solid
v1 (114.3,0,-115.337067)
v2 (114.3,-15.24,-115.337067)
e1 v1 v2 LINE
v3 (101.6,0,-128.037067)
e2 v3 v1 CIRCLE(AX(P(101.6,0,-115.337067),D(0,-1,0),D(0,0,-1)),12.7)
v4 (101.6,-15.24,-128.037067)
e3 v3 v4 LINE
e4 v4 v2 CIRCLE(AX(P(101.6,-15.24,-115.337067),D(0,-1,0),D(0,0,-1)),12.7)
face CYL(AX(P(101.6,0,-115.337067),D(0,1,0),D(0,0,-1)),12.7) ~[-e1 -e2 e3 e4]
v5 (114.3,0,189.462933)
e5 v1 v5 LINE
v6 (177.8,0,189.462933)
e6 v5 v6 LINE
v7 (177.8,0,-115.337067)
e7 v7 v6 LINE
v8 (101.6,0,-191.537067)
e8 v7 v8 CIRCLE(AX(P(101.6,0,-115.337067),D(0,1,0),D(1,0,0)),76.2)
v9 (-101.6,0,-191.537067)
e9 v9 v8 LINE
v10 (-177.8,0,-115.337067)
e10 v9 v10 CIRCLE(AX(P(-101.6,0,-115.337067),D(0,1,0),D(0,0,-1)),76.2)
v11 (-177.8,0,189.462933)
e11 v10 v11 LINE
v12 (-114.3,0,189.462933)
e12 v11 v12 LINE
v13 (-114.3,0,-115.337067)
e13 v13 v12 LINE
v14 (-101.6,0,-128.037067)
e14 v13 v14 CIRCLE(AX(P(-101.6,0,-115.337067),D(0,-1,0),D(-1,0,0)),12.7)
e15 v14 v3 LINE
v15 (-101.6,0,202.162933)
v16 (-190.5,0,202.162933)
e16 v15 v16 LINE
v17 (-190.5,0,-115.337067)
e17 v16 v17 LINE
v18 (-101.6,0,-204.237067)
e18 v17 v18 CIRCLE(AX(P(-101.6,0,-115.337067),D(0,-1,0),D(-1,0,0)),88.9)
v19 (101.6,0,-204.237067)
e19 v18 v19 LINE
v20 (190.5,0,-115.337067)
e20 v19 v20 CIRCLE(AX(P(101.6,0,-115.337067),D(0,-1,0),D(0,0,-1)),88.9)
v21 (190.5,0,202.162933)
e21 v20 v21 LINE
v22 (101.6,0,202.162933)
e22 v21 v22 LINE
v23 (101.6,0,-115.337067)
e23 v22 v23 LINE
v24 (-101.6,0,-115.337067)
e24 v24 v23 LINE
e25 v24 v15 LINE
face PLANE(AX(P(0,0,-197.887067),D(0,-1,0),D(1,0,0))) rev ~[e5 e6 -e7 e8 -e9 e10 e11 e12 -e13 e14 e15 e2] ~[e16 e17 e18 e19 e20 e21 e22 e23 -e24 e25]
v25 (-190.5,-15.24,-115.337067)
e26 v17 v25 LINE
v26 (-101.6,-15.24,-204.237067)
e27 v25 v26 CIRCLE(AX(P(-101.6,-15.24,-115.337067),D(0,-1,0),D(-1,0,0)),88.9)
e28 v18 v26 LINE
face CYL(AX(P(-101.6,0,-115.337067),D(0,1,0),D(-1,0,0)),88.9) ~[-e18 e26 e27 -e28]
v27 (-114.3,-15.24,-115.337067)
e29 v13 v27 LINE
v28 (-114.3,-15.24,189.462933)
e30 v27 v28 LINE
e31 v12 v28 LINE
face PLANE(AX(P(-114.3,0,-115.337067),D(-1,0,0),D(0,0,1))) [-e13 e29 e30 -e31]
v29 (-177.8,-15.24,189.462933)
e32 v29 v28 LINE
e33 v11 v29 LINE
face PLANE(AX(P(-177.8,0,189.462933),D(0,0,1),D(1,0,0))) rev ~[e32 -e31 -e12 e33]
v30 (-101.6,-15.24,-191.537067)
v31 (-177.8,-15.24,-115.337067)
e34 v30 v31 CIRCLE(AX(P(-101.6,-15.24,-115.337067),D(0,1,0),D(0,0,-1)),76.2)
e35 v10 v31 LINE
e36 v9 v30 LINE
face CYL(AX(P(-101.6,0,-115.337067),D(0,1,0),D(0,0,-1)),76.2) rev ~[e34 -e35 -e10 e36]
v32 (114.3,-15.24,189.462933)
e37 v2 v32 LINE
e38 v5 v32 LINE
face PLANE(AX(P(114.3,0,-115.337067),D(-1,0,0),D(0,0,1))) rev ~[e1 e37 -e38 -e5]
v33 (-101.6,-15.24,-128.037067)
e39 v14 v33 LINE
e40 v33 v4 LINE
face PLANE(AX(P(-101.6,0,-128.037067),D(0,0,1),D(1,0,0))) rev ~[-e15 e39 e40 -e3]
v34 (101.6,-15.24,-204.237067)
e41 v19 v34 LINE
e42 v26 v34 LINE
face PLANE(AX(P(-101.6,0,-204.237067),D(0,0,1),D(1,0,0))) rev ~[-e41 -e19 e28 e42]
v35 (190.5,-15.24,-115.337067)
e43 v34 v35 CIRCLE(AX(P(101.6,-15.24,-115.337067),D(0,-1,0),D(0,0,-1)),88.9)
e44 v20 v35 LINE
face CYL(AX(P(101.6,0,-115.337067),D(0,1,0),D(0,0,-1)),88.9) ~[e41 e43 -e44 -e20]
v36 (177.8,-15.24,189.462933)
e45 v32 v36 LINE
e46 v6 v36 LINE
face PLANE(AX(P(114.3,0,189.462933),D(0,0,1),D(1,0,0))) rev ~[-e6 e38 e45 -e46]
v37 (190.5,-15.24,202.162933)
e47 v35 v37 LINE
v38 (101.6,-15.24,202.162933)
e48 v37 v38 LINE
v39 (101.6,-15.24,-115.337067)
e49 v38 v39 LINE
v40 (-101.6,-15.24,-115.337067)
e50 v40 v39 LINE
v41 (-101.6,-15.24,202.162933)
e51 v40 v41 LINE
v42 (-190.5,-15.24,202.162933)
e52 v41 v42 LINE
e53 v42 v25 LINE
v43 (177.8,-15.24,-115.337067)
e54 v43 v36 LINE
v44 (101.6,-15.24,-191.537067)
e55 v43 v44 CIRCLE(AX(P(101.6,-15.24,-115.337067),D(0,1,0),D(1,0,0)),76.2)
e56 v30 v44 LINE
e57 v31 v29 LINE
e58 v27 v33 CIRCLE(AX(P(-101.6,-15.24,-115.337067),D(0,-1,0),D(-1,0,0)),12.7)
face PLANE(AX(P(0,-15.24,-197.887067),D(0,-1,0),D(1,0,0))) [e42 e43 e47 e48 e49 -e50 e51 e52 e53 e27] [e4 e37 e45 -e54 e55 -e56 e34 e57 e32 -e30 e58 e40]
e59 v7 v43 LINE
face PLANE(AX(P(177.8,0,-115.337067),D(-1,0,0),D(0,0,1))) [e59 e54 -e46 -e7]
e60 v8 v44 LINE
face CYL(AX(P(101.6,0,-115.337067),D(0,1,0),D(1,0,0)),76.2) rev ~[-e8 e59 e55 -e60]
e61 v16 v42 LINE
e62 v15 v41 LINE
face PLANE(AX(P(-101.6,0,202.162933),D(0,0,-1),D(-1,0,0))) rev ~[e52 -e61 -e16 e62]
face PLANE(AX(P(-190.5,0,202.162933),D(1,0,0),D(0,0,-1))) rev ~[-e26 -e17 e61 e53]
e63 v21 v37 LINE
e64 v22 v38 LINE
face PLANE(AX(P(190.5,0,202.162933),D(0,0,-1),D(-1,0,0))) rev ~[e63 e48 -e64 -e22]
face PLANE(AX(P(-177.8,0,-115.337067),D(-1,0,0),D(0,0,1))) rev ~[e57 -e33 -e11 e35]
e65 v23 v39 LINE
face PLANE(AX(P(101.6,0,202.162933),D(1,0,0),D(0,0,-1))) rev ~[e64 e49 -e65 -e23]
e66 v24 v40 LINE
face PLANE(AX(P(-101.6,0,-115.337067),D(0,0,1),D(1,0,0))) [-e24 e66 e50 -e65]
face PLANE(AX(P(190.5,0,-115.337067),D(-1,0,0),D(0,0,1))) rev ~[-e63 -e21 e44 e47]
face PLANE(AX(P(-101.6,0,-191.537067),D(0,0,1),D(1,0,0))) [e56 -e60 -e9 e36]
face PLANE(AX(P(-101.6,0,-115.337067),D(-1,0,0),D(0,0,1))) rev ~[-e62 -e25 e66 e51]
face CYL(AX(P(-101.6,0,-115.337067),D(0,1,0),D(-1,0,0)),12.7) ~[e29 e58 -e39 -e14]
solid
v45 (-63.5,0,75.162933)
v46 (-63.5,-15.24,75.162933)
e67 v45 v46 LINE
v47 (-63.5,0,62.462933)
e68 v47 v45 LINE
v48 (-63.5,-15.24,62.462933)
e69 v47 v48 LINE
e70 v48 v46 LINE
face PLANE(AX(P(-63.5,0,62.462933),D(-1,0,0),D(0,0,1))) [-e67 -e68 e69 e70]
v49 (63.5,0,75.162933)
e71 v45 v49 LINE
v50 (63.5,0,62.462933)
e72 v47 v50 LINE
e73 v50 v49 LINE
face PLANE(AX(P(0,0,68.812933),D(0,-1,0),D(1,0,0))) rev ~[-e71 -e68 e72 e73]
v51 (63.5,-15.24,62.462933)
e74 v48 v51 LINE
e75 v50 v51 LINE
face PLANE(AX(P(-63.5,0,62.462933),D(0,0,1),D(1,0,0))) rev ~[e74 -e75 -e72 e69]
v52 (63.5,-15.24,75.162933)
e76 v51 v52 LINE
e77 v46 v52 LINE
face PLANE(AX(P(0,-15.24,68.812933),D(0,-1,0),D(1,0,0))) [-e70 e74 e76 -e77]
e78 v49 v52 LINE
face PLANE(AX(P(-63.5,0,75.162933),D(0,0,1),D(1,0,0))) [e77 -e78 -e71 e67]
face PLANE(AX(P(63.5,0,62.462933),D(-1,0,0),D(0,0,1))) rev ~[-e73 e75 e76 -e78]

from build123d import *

# Parameters (mm, degrees)
F0_W     = 203.2
F0_H     = 12.7
F0_W_2   = 12.7
F0_H_2   = 304.8
F1_DEPTH = 15.24
F0_W_3   = 127


with BuildPart() as f1:
    # F0 (on Front) → F1 (new body)
    with BuildSketch(Plane.XZ):
        with Locations((0, -197.8870668655)):
            Rectangle(F0_W, F0_H)
        with BuildLine():
            Line((-101.6, -204.2370668655), (-101.6, -191.5370668655))
            ThreePointArc((-101.6, -191.5370668655), (-155.4815367264, -169.2186035919), (-177.8, -115.3370668655))
            Line((-177.8, -115.3370668655), (-190.5, -115.3370668655))
            ThreePointArc((-190.5, -115.3370668655), (-164.4617928475, -178.198859713), (-101.6, -204.2370668655))
        make_face()
        with BuildLine():
            ThreePointArc((177.8, -115.3370668655), (155.4815367264, -169.2186035919), (101.6, -191.5370668655))
            Line((101.6, -191.5370668655), (101.6, -204.2370668655))
            ThreePointArc((101.6, -204.2370668655), (164.4617928475, -178.198859713), (190.5, -115.3370668655))
            Line((190.5, -115.3370668655), (177.8, -115.3370668655))
        make_face()
        with Locations((-184.15, 37.0629331345)):
            Rectangle(F0_W_2, F0_H_2)
        with Locations((184.15, 37.0629331345)):
            Rectangle(F0_W_2, F0_H_2)
        Polygon((-190.5, 189.4629331345), (-177.8, 189.4629331345), (-114.3, 189.4629331345), (-101.6, 189.4629331345), (-101.6, 202.1629331345), (-190.5, 202.1629331345), align=None)
        Polygon((114.3, 189.4629331345), (177.8, 189.4629331345), (190.5, 189.4629331345), (190.5, 202.1629331345), (101.6, 202.1629331345), (101.6, 189.4629331345), align=None)
        with Locations((-107.95, 37.0629331345)):
            Rectangle(F0_W_2, F0_H_2)
        with Locations((107.95, 37.0629331345)):
            Rectangle(F0_W_2, F0_H_2)
        with BuildLine():
            Line((-101.6, -115.3370668655), (-114.3, -115.3370668655))
            ThreePointArc((-114.3, -115.3370668655), (-110.5802561211, -124.3173229865), (-101.6, -128.0370668655))
            Line((-101.6, -128.0370668655), (-101.6, -115.3370668655))
        make_face()
        with BuildLine():
            ThreePointArc((101.6, -128.0370668655), (110.5802561211, -124.3173229865), (114.3, -115.3370668655))
            Line((114.3, -115.3370668655), (101.6, -115.3370668655))
            Line((101.6, -115.3370668655), (101.6, -128.0370668655))
        make_face()
        with Locations((0, -121.6870668655)):
            Rectangle(F0_W, F0_H)
    extrude(amount=F1_DEPTH)


with BuildPart() as f1b:
    # F0 (on Front) → F1, piece 2 (new body)
    with BuildSketch(Plane.XZ):
        with Locations((0, 68.8129331345)):
            Rectangle(F0_W_3, F0_H)
    extrude(amount=F1_DEPTH)


solid = Compound([f1.part, f1b.part])
